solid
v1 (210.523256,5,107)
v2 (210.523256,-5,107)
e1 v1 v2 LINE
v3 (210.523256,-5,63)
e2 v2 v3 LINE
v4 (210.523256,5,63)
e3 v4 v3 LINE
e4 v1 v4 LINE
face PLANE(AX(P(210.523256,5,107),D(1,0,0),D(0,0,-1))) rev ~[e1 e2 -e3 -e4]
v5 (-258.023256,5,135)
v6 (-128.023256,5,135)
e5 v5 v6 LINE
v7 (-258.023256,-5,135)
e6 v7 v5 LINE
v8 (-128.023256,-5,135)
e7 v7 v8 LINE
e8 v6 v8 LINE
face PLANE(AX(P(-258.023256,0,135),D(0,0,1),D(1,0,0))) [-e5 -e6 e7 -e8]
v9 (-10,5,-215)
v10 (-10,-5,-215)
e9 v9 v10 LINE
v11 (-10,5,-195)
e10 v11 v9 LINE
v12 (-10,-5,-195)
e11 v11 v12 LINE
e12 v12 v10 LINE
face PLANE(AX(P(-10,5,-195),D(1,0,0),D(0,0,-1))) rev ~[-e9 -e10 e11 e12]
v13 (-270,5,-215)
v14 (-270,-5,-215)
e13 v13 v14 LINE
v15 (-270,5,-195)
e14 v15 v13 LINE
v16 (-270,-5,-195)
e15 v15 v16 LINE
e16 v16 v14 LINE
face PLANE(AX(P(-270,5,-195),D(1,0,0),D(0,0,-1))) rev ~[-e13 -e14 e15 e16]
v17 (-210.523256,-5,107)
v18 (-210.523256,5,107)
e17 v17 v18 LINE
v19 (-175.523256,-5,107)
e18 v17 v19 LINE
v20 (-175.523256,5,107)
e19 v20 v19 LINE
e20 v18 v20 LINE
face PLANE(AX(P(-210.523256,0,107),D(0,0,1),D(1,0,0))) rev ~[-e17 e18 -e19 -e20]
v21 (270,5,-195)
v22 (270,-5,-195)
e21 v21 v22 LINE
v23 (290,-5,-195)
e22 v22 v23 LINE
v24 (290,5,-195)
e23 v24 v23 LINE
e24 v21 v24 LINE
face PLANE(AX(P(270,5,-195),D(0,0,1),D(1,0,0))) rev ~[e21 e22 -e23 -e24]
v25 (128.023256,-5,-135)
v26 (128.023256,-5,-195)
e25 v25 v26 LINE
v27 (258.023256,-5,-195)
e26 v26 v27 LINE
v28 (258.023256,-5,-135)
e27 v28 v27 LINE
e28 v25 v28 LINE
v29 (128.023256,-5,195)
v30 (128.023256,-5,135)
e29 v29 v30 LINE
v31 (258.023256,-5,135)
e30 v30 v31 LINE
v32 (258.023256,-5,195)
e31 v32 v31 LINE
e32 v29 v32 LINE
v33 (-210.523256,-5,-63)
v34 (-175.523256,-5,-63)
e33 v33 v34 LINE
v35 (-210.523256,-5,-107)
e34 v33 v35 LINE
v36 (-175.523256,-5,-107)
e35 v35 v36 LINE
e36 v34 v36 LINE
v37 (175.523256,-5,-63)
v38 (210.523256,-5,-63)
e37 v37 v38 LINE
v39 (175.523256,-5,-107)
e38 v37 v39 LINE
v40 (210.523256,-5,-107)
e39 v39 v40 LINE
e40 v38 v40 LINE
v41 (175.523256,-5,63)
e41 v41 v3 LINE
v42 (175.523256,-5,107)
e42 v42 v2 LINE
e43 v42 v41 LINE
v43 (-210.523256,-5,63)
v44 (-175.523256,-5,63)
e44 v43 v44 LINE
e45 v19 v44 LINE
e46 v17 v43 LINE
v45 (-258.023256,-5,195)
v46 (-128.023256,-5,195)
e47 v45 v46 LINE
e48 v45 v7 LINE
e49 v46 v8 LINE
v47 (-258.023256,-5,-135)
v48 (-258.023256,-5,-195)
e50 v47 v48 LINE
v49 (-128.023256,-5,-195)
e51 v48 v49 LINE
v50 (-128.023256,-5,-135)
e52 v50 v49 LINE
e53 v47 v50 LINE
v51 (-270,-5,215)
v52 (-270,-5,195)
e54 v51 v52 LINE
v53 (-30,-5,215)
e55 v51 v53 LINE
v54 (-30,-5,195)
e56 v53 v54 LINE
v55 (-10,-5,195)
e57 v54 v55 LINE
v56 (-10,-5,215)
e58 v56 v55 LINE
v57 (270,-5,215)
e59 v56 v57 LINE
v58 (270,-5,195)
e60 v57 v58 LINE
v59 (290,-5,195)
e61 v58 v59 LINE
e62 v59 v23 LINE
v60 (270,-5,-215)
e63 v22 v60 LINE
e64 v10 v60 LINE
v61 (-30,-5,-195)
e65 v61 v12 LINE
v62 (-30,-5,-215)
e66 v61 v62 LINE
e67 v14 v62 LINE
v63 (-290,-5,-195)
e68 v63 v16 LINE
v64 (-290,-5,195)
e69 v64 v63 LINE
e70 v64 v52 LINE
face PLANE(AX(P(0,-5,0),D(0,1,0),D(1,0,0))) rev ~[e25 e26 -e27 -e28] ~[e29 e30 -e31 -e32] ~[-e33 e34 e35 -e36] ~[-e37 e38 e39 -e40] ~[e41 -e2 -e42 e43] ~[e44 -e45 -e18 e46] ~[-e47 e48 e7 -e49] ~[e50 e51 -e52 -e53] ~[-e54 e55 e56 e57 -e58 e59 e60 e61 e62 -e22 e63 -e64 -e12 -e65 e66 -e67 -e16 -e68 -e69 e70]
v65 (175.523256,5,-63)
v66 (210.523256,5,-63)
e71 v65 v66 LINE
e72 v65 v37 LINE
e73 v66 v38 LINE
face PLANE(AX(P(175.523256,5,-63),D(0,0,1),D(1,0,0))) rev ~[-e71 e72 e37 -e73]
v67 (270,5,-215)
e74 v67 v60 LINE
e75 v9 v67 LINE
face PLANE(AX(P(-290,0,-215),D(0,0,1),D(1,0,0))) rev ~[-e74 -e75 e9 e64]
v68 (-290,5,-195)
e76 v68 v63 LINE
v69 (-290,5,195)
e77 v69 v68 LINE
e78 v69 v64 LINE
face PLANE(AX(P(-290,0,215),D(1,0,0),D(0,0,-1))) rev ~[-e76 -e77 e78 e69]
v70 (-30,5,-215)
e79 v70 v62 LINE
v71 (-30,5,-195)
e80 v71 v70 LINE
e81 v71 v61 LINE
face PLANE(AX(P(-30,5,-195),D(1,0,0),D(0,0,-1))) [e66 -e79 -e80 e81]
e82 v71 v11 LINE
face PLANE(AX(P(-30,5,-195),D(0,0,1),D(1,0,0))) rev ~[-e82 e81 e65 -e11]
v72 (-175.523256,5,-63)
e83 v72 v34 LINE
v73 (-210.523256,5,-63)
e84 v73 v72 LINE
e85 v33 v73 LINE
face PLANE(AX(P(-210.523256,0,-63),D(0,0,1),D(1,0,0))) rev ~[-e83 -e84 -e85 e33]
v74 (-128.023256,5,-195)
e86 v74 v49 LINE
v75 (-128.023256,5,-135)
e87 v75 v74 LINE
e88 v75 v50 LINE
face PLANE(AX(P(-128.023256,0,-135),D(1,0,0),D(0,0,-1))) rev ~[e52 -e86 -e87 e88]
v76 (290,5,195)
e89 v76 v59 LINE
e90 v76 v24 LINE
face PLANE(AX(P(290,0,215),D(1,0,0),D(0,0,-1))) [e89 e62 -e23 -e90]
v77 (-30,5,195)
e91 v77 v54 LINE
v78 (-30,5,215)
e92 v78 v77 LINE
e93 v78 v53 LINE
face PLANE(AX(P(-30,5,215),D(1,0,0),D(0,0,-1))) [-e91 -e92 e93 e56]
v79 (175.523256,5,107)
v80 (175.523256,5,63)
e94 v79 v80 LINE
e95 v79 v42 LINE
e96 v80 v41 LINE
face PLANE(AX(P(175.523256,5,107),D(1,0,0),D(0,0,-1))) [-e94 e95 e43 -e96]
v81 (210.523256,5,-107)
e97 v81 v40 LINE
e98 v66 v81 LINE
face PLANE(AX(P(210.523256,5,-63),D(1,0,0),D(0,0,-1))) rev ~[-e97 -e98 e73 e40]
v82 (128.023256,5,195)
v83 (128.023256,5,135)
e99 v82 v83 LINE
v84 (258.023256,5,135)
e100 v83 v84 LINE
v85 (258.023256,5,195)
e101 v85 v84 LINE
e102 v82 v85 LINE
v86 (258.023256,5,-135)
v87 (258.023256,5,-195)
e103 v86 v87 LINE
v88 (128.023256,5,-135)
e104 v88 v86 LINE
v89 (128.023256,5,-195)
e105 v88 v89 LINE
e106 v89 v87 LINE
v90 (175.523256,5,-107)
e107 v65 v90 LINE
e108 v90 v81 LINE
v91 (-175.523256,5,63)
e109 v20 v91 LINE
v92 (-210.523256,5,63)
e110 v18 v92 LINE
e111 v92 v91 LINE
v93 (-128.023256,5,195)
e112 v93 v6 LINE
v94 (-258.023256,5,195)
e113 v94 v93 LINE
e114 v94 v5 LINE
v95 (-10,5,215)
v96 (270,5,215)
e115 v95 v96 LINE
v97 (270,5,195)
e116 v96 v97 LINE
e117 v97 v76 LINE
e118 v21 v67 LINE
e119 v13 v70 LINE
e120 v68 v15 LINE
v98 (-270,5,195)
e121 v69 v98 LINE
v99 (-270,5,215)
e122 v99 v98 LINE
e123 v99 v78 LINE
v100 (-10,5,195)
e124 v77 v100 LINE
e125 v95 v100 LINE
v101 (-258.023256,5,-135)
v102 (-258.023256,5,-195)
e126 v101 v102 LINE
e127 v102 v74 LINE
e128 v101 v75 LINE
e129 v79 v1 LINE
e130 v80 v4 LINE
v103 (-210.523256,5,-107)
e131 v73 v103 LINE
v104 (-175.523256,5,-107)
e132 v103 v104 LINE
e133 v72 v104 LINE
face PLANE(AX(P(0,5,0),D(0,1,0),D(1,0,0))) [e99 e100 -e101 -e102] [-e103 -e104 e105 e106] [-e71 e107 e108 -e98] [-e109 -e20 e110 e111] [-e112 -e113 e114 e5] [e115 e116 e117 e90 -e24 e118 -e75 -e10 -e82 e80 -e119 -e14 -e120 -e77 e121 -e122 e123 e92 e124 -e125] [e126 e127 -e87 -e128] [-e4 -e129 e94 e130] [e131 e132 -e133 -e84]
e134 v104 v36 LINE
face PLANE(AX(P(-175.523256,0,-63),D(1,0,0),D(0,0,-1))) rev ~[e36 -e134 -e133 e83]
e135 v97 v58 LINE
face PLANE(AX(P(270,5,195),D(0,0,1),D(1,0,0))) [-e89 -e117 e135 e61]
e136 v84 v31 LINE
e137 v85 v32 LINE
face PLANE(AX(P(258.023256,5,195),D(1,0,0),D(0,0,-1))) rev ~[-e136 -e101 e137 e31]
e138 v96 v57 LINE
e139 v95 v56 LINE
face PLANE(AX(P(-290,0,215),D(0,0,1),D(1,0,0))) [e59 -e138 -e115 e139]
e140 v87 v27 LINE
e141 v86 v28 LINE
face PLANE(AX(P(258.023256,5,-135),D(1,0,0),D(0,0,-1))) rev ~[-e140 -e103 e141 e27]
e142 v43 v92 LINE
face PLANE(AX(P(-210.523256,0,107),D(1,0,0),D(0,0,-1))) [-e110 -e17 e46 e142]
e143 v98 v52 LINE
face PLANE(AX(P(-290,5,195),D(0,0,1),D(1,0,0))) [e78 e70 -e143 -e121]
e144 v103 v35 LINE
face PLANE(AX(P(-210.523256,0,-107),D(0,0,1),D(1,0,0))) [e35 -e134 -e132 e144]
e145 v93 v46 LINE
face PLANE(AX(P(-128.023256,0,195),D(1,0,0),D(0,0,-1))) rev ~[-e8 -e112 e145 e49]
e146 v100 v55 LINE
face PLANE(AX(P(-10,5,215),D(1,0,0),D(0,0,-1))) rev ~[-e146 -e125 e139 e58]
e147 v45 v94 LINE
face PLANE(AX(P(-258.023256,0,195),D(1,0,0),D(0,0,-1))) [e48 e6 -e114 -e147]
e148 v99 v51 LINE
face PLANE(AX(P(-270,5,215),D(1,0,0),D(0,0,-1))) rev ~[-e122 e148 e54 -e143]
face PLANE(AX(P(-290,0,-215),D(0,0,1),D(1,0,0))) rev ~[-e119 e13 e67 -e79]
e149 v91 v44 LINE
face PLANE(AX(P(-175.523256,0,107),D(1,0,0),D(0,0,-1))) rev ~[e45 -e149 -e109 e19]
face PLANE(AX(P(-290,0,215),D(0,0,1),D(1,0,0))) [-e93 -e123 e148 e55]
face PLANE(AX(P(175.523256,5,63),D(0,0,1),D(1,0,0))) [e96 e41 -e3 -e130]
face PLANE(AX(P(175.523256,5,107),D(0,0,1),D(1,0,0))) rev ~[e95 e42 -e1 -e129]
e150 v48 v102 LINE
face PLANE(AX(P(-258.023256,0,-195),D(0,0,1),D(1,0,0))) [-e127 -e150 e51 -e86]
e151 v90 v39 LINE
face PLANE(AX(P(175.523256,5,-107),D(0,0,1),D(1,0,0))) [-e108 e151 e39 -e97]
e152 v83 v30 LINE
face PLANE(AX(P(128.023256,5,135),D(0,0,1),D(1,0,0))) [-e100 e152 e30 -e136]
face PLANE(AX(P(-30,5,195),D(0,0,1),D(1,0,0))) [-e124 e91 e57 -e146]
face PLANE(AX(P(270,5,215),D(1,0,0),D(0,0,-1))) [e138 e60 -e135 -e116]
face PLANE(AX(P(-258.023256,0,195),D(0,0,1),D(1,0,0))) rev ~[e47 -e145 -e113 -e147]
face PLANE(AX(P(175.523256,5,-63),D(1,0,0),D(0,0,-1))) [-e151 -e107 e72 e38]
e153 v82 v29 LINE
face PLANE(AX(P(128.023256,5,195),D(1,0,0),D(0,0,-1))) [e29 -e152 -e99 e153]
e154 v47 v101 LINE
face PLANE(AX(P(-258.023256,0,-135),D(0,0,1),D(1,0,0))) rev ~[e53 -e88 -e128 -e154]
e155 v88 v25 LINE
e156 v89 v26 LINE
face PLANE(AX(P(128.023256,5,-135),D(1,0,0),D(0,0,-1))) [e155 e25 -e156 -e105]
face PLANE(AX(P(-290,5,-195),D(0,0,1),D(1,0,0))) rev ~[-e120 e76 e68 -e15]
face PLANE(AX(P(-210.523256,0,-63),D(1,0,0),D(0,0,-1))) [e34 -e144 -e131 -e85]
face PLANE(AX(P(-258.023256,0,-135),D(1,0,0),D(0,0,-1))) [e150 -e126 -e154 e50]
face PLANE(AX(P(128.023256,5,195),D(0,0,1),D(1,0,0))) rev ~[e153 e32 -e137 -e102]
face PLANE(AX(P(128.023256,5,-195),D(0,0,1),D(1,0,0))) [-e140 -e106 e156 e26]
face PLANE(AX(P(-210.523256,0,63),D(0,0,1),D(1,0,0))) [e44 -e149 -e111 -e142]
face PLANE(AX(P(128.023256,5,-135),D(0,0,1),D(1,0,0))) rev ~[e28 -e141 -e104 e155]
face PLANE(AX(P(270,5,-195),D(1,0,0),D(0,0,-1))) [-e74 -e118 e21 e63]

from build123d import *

# Parameters (mm, degrees)
SKETCH1_W           = 580
SKETCH1_H           = 430
SKETCH1_W_2         = 130
SKETCH1_H_2         = 60
SKETCH1_W_3         = 35
SKETCH1_H_3         = 44
BOSS_EXTRUDE1_DEPTH = 5
SKETCH2_W           = 20
SKETCH2_H           = 20
CUT_EXTRUDE1_DEPTH  = 10
SKETCH3_W           = 130
SKETCH3_H           = 60
SKETCH3_W_2         = 35
SKETCH3_H_2         = 44
CUT_EXTRUDE2_DEPTH  = 98
SKETCH4_W           = 20
SKETCH4_H           = 20
CUT_EXTRUDE3_DEPTH  = 98


with BuildPart() as part:
    # Sketch1 → Boss-Extrude1 (new, symmetric)
    with BuildSketch(Plane(origin=(0, 0, 0), x_dir=(1, 0, 0), z_dir=(0, 1, 0))):
        Rectangle(SKETCH1_W, SKETCH1_H)
        with Locations((-193.023255814, 165)):
            Rectangle(SKETCH1_W_2, SKETCH1_H_2, mode=Mode.SUBTRACT)
        with Locations((-193.023255814, -165)):
            Rectangle(SKETCH1_W_2, SKETCH1_H_2, mode=Mode.SUBTRACT)
        with Locations((-193.023255814, -85)):
            Rectangle(SKETCH1_W_3, SKETCH1_H_3, mode=Mode.SUBTRACT)
        with Locations((-193.023255814, 85)):
            Rectangle(SKETCH1_W_3, SKETCH1_H_3, mode=Mode.SUBTRACT)
    extrude(amount=BOSS_EXTRUDE1_DEPTH, both=True)

    # Sketch2 → Cut-Extrude1 (cut)
    with BuildSketch(Plane(origin=(0, 5, 0), x_dir=(1, 0, 0), z_dir=(0, 1, 0))):
        with Locations((-280, 205)):
            Rectangle(SKETCH2_W, SKETCH2_H)
        with Locations((280, 205)):
            Rectangle(SKETCH2_W, SKETCH2_H)
        with Locations((280, -205)):
            Rectangle(SKETCH2_W, SKETCH2_H)
        with Locations((-280, -205)):
            Rectangle(SKETCH2_W, SKETCH2_H)
    extrude(amount=-CUT_EXTRUDE1_DEPTH, mode=Mode.SUBTRACT)

    # Sketch3 → Cut-Extrude2 (cut)
    with BuildSketch(Plane(origin=(0, 5, 0), x_dir=(1, 0, 0), z_dir=(0, 1, 0))):
        with Locations((193.023255814, -165)):
            Rectangle(SKETCH3_W, SKETCH3_H)
        with Locations((-193.023255814, 165)):
            Rectangle(SKETCH3_W, SKETCH3_H)
        with Locations((193.023255814, -85)):
            Rectangle(SKETCH3_W_2, SKETCH3_H_2)
        with Locations((-193.023255814, 85)):
            Rectangle(SKETCH3_W_2, SKETCH3_H_2)
        with Locations((-193.023255814, -85)):
            Rectangle(SKETCH3_W_2, SKETCH3_H_2)
        with Locations((-193.023255814, -165)):
            Rectangle(SKETCH3_W, SKETCH3_H)
        with Locations((193.023255814, 85)):
            Rectangle(SKETCH3_W_2, SKETCH3_H_2)
        with Locations((193.023255814, 165)):
            Rectangle(SKETCH3_W, SKETCH3_H)
    extrude(amount=-CUT_EXTRUDE2_DEPTH, mode=Mode.SUBTRACT)

    # Sketch4 → Cut-Extrude3 (cut)
    with BuildSketch(Plane(origin=(0, 5, 0), x_dir=(1, 0, 0), z_dir=(0, 1, 0))):
        with Locations((-20, -205)):
            Rectangle(SKETCH4_W, SKETCH4_H)
        with Locations((-20, 205)):
            Rectangle(SKETCH4_W, SKETCH4_H)
    extrude(amount=-CUT_EXTRUDE3_DEPTH, mode=Mode.SUBTRACT)


solid = part.part
